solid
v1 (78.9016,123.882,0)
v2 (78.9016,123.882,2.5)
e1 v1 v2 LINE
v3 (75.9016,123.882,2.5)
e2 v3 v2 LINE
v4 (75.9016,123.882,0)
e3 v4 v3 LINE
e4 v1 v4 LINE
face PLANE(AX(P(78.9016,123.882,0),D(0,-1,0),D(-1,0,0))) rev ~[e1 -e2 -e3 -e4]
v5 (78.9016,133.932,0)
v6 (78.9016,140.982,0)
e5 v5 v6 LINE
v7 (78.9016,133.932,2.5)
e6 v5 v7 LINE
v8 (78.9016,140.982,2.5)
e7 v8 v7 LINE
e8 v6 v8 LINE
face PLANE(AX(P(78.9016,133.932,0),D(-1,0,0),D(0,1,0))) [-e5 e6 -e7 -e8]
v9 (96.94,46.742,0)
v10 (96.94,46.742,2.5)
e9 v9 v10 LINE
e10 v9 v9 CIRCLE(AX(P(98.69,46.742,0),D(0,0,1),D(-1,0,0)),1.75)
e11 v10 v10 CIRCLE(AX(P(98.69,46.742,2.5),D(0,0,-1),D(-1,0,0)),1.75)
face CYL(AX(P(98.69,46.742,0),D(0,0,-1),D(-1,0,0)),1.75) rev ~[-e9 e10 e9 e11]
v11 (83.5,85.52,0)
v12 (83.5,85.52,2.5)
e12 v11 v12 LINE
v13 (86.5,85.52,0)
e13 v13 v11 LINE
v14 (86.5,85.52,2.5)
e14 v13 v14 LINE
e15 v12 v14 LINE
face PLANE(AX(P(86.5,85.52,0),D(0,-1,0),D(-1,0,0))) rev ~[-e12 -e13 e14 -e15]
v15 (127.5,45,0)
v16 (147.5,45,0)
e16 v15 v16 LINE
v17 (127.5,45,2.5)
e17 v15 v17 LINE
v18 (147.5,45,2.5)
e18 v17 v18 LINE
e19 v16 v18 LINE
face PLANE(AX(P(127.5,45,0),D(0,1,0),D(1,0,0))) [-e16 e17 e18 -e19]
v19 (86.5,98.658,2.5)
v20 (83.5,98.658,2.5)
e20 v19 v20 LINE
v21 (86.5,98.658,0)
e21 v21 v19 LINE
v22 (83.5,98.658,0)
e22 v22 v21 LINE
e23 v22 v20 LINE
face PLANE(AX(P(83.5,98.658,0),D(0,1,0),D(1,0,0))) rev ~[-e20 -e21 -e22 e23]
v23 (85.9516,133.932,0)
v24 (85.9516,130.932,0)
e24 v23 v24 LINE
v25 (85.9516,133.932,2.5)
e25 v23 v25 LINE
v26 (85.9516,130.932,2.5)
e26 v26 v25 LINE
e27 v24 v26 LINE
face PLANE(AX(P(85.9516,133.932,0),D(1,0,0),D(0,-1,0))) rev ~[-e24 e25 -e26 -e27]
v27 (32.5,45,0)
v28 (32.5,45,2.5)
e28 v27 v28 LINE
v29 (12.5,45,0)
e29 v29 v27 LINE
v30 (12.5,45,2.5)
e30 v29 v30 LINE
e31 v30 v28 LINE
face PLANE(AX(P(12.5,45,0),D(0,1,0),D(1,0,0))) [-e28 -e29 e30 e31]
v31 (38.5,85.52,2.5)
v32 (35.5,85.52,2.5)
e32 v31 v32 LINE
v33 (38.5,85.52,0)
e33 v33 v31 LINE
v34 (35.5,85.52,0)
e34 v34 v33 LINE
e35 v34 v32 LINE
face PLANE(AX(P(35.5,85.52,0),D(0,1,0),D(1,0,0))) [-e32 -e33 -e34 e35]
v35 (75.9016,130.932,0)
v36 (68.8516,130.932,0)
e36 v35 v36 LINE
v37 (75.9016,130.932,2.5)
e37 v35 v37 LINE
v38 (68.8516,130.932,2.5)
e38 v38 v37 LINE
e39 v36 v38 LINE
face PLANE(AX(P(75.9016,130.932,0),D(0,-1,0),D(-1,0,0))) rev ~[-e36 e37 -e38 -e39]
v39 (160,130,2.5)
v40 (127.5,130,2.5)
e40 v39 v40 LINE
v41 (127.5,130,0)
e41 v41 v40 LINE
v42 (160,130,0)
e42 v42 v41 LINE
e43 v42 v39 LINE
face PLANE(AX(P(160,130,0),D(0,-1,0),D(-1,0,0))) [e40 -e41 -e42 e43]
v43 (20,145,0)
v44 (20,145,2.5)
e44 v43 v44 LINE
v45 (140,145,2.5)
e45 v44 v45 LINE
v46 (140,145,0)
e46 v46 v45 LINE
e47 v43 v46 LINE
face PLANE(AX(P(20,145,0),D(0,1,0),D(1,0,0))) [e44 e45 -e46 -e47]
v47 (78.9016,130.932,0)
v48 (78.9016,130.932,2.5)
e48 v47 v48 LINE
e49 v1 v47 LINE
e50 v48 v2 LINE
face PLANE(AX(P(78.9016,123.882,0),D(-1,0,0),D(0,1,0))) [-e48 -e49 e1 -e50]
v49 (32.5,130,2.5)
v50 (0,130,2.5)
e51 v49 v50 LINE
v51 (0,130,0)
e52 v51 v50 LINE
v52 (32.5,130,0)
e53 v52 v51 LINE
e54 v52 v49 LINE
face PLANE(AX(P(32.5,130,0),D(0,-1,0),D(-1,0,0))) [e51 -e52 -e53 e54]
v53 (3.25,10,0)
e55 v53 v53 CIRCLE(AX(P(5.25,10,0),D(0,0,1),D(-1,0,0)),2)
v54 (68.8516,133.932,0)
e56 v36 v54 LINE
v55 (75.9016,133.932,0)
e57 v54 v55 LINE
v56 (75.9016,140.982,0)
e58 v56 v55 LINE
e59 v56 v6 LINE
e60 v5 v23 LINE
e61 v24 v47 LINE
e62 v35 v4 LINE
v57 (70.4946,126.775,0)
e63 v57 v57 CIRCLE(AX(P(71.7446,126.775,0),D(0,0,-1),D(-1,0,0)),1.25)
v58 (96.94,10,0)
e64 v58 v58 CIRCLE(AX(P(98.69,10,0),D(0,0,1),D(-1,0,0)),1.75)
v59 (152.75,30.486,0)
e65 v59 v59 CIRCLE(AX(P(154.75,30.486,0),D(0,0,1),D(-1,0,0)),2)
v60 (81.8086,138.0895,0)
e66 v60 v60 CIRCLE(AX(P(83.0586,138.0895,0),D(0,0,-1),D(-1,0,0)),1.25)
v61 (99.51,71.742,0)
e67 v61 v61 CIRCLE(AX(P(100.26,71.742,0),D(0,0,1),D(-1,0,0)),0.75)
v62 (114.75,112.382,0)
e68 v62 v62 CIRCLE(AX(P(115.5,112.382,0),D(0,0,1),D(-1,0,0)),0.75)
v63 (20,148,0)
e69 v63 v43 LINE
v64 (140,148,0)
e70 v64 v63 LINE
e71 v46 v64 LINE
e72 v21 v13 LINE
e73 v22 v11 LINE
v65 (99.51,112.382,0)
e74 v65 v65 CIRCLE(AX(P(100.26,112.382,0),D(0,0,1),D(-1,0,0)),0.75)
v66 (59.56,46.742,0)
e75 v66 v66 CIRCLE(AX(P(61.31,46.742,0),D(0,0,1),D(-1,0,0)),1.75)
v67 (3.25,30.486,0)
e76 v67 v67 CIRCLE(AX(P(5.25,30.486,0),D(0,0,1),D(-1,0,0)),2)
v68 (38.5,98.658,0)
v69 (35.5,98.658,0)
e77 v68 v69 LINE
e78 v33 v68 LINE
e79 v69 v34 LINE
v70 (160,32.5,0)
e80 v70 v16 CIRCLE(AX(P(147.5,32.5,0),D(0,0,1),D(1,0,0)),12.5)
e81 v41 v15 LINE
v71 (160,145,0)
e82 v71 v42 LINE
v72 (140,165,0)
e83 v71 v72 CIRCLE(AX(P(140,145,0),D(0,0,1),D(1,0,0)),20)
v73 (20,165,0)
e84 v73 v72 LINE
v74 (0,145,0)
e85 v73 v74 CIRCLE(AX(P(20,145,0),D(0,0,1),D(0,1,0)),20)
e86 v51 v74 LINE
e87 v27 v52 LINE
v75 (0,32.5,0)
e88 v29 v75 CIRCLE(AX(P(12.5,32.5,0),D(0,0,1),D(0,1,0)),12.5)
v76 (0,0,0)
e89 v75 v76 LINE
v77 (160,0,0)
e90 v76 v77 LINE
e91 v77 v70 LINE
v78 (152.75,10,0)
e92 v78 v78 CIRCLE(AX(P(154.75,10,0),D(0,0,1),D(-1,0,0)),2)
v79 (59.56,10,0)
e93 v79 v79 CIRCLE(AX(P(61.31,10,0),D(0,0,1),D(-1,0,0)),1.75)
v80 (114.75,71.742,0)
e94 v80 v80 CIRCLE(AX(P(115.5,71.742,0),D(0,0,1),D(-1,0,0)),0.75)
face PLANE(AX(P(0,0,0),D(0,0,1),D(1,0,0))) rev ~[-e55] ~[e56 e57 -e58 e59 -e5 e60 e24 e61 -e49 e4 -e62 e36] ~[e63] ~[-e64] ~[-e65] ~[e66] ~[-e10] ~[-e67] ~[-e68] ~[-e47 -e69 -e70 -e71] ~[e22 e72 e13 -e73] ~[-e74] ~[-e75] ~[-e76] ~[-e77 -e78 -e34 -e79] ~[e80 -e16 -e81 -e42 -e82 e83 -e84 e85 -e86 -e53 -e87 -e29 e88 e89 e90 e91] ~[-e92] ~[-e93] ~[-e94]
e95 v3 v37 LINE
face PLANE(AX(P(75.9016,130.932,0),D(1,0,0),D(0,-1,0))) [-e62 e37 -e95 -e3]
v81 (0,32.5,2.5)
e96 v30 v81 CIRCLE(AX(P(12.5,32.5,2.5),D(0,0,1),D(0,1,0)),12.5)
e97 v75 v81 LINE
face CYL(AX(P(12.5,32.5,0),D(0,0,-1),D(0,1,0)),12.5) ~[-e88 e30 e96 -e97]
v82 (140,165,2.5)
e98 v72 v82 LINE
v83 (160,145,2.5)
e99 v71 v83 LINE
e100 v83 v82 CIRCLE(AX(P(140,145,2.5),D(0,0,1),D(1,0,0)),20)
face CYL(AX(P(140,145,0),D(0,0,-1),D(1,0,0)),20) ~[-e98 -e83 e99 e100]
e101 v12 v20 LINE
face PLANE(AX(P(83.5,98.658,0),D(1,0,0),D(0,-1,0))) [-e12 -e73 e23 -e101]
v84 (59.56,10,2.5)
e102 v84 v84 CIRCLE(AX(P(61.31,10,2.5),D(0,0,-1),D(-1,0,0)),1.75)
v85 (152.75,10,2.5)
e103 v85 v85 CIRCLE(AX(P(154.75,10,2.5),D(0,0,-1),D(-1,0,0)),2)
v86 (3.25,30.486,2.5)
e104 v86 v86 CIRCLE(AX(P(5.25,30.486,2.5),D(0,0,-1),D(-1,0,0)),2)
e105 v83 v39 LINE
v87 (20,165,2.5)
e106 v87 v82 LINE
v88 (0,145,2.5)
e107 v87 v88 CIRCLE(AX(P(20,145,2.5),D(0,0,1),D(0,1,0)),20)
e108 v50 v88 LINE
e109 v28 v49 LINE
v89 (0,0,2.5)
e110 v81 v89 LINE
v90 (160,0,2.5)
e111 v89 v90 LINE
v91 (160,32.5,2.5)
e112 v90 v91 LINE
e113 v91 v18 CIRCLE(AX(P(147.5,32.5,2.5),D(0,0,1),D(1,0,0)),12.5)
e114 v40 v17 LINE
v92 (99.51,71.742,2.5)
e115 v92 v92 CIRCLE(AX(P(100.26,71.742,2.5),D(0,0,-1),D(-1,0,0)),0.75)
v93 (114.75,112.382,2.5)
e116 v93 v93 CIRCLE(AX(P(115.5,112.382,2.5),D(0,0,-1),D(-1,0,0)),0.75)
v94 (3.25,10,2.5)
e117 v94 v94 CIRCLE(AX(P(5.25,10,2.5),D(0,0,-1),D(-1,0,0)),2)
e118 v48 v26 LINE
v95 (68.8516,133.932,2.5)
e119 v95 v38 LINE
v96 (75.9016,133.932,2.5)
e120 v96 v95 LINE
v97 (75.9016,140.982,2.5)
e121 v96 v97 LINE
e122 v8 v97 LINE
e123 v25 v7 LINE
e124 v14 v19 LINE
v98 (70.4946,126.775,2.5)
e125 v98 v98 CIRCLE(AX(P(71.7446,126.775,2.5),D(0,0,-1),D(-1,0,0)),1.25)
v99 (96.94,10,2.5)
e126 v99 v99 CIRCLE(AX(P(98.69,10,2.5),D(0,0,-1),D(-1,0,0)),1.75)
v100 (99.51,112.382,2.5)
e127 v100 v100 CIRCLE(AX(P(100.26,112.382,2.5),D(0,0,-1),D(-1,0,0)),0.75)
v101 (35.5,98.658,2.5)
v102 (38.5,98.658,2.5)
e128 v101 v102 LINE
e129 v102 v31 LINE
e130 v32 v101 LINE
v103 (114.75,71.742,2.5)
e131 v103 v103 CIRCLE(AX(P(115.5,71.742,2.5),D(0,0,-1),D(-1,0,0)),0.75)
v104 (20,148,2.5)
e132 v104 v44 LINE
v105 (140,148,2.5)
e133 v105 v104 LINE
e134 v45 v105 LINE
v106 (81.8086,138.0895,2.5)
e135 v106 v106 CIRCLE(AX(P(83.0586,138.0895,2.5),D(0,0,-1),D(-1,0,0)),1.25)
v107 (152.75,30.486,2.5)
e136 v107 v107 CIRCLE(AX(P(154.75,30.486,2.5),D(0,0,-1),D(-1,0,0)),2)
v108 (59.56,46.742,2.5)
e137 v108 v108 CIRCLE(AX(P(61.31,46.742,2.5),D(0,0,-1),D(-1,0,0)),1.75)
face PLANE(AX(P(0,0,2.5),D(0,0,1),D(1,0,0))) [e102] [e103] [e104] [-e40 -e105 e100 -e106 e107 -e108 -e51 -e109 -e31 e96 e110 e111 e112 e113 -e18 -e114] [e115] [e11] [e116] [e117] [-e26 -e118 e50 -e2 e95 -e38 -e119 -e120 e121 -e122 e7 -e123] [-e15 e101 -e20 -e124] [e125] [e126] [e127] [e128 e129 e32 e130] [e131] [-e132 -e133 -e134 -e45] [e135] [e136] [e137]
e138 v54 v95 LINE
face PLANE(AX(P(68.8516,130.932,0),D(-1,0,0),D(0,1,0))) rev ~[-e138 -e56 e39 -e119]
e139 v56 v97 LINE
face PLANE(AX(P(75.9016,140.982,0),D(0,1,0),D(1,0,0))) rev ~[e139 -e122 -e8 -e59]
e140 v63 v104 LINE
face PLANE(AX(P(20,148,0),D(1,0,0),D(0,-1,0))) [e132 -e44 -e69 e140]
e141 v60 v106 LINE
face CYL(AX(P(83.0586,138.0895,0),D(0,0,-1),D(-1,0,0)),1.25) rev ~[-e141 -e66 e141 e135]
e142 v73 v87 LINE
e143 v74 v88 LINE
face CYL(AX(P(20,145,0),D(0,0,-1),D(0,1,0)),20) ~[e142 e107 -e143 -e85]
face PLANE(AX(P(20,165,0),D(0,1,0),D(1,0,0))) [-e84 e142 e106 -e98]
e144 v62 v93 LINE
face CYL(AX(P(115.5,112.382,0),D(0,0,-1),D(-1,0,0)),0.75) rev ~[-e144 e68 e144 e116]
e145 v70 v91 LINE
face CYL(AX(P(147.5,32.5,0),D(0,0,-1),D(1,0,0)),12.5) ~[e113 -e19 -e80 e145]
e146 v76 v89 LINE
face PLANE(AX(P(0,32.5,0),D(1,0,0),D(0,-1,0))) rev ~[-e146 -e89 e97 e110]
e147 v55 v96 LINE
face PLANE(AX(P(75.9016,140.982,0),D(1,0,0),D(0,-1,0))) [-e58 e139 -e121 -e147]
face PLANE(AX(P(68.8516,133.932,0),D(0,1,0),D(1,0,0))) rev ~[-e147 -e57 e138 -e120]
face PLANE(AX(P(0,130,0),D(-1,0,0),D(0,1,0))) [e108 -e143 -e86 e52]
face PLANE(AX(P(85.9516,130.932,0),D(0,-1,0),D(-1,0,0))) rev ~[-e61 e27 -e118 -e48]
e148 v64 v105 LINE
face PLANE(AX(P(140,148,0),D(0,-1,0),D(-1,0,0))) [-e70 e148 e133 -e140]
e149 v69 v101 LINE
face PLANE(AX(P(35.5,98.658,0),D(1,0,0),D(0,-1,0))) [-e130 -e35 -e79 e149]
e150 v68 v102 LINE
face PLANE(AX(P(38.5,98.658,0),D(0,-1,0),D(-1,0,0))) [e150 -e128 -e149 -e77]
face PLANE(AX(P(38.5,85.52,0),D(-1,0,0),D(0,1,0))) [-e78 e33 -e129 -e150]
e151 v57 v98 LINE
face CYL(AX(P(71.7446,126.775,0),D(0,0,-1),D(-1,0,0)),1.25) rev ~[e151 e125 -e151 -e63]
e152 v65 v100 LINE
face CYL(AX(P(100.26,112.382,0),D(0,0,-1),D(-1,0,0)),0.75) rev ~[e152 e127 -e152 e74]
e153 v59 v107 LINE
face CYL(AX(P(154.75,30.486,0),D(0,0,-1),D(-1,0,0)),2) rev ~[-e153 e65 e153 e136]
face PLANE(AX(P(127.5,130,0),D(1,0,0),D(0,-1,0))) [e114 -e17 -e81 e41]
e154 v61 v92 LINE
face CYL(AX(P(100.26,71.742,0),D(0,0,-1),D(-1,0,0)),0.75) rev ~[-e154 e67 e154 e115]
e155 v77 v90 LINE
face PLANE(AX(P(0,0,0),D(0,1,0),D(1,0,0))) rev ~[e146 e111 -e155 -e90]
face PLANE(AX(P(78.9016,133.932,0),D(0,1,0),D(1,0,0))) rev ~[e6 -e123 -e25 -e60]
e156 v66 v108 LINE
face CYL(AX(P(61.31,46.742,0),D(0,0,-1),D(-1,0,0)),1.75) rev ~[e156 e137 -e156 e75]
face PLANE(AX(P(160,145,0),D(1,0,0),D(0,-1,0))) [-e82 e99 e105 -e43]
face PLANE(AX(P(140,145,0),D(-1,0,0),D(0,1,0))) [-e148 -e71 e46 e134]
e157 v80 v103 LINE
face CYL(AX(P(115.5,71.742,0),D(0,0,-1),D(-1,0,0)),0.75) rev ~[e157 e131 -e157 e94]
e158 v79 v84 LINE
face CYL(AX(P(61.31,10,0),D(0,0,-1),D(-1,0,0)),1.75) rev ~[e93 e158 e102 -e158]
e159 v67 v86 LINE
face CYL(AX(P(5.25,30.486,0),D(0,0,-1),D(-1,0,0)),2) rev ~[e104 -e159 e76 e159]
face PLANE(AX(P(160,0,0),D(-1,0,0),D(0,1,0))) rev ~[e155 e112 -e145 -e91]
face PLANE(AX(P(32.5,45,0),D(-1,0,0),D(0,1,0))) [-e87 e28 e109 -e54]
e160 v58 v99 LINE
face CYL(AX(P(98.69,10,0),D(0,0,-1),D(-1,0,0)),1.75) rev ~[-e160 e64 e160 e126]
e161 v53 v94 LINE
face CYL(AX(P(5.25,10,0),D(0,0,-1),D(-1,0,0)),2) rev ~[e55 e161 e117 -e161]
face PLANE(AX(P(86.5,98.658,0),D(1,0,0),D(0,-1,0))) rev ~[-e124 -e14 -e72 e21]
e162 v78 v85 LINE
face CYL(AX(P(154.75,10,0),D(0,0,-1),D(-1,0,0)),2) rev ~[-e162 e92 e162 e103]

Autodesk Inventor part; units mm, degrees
ref_plane "YZ Plane" through (0, 0, 0) normal (1, 0, 0) x (0, 1, 0)
ref_plane "XZ Plane" through (0, 0, 0) normal (0, 1, 0) x (-1, 0, 0)
ref_plane "XY Plane" through (0, 0, 0) normal (0, 0, 1) x (1, 0, 0)
sketch "Esboço1" plane through (0, 0, 0) normal (0, 0, 1) x (1, 0, 0)
  line L0 (0, 0) -> (160, 0)
  line L1 (160, 0) -> (160, 32.5)
  line L2 (0, 32.5) -> (0, 0)
  line L3 (20, 165) -> (140, 165)
  line L4 (160, 145) -> (160, 130)
  line L5 (0, 130) -> (0, 145)
  arc A0 (20, 165) -> (0, 145) centre (20, 145) ccw
  arc A1 (160, 145) -> (140, 165) centre (140, 145) ccw
  line L6 (127.5, 130) -> (127.5, 45)
  line L7 (32.5, 45) -> (32.5, 130)
  line L8 (12.5, 45) -> (32.5, 45)
  line L9 (127.5, 45) -> (147.5, 45)
  line L10 (160, 130) -> (127.5, 130)
  line L11 (32.5, 130) -> (0, 130)
  arc A2 (12.5, 45) -> (0, 32.5) centre (12.5, 32.5) ccw
  arc A3 (160, 32.5) -> (147.5, 45) centre (147.5, 32.5) ccw
  line L12 (20, 148) -> (20, 145)
  line L13 (20, 145) -> (140, 145)
  line L14 (140, 145) -> (140, 148)
  line L15 (140, 148) -> (20, 148)
  point P0 (0, 165)
  point P1 (160, 165)
  dimension "d3" = 160
  dimension "d4" = 165
  dimension "d6" = 20
  dimension "d12" = 95
  dimension "d14" = 85
  dimension "d15" = 35
  dimension "d16" = 12.5
  dimension "d17" = 12.5
  dimension "d73" = 3
  dimension "d74" = 32.5
extrude "Extrusão1" add sketch "Esboço1" along normal blind 2.5
sketch "Esboço2" plane through (0, 0, 0) normal (0, 0, -1) x (-1, 0, 0)
  line L0 (-10.5, 30.486) -> (-10.5, 10)
  line L1 (-10.5, 10) -> (0, 10)
  line L2 (0, 10) -> (0, 30.486)
  line L3 (0, 30.486) -> (-10.5, 30.486)
  line L4 (0, 32.5) -> (0, 0) projected
  line L5 (0, 0) -> (-160, 0) projected
  line L6 (-160, 30.486) -> (-160, 10)
  line L7 (-160, 10) -> (-149.5, 10)
  line L8 (-149.5, 10) -> (-149.5, 30.486)
  line L9 (-149.5, 30.486) -> (-160, 30.486)
  line L10 (-160, 0) -> (-160, 32.5) projected
  circle A0 centre (-5.25, 10) radius 2
  circle A1 centre (-154.75, 30.486) radius 2
  circle A2 centre (-154.75, 10) radius 2
  circle A3 centre (-5.25, 30.486) radius 2
  line L11 (-98.69, 46.742) -> (-98.69, 10)
  line L12 (-98.69, 10) -> (-61.31, 10)
  line L13 (-61.31, 10) -> (-61.31, 46.742)
  line L14 (-61.31, 46.742) -> (-98.69, 46.742)
  circle A4 centre (-98.69, 46.742) radius 1.75
  circle A5 centre (-61.31, 46.742) radius 1.75
  circle A6 centre (-98.69, 10) radius 1.75
  circle A7 centre (-61.31, 10) radius 1.75
  line L15 (-100.26, 112.382) -> (-115.5, 112.382)
  line L16 (-115.5, 112.382) -> (-115.5, 71.742)
  line L17 (-115.5, 71.742) -> (-100.26, 71.742)
  line L18 (-100.26, 71.742) -> (-100.26, 112.382)
  line L19 (-127.5, 45) -> (-127.5, 130) projected
  circle A8 centre (-100.26, 112.382) radius 0.75
  circle A9 centre (-115.5, 112.382) radius 0.75
  circle A10 centre (-115.5, 71.742) radius 0.75
  circle A11 centre (-100.26, 71.742) radius 0.75
  line L20 (-68.8516, 140.982) -> (-85.9516, 140.982)
  line L21 (-85.9516, 140.982) -> (-85.9516, 123.882)
  line L22 (-85.9516, 123.882) -> (-68.8516, 123.882)
  line L23 (-68.8516, 123.882) -> (-68.8516, 140.982)
  circle A12 centre (-83.0586, 138.0895) radius 1.25
  circle A13 centre (-71.7446, 126.775) radius 1.25
  line L24 (-32.5, 130) -> (-32.5, 45) projected
  line L25 (-83.5, 75.089) -> (-38.5, 75.089)
  line L26 (-38.5, 75.089) -> (-38.5, 109.089)
  line L27 (-38.5, 109.089) -> (-83.5, 109.089)
  line L28 (-83.5, 109.089) -> (-83.5, 75.089)
  line L29 (-38.5, 98.658) -> (-35.5, 98.658)
  line L30 (-35.5, 98.658) -> (-35.5, 85.52)
  line L31 (-35.5, 85.52) -> (-38.5, 85.52)
  line L32 (-83.5, 98.658) -> (-86.5, 98.658)
  line L33 (-86.5, 98.658) -> (-86.5, 85.52)
  line L34 (-86.5, 85.52) -> (-83.5, 85.52)
  line L35 (-68.8516, 133.932) -> (-75.9016, 133.932)
  line L36 (-78.9016, 133.932) -> (-85.9516, 133.932)
  line L37 (-85.9516, 130.932) -> (-78.9016, 130.932)
  line L38 (-75.9016, 130.932) -> (-68.8516, 130.932)
  line L39 (-75.9016, 140.982) -> (-75.9016, 133.932)
  line L40 (-75.9016, 130.932) -> (-75.9016, 123.882)
  line L41 (-78.9016, 123.882) -> (-78.9016, 130.932)
  line L42 (-78.9016, 133.932) -> (-78.9016, 140.982)
  dimension "d20" = 20.486
  dimension "d21" = 10.5
  dimension "d22" = 10
  dimension "d23" = 20.486
  dimension "d24" = 10.5
  dimension "d26" = 4
  dimension "d27" = 4
  dimension "d28" = 4
  dimension "d29" = 4
  dimension "d30" = 36.742
  dimension "d35" = 3.5
  dimension "d36" = 3.5
  dimension "d37" = 3.5
  dimension "d38" = 3.5
  dimension "d39" = 15.24
  dimension "d40" = 40.64
  dimension "d42" = 12
  dimension "d43" = 1.5
  dimension "d44" = 1.5
  dimension "d45" = 1.5
  dimension "d46" = 1.5
  dimension "d47" = 17.1
  dimension "d48" = 17.1
  dimension "d50" = 2.5
  dimension "d51" = 2.5
  dimension "d52" = 2.893
  dimension "d53" = 2.8925
  dimension "d54" = 2.893
  dimension "d55" = 2.893
  dimension "d56" = 36.3516
  dimension "d57" = 41.5484
  dimension "d58" = 11.5
  dimension "d59" = 45
  dimension "d60" = 34
  dimension "d64" = 6
  dimension "d65" = 3
  dimension "d66" = 10.431
  dimension "d67" = 10.431
  dimension "d68" = 3
  dimension "d79" = 3
  dimension "d80" = 3
  dimension "d81" = 7.05
  dimension "d82" = 7.05
  dimension "d83" = 28.347
  dimension "d84" = 25
  dimension "d85" = 10
  dimension "d86" = 50.81
  dimension "d87" = 50.81
  dimension "d88" = 37.38
extrude "Extrusão2" cut sketch "Esboço2" against normal through all contours A3 L3 | L3 A3 | A0 L1 | L1 A0 | A2 L7 | L7 A2 | A1 L9 | L9 A1 | L14 A4 L11 | L11 A4 L14 | A6 L12 L11 | L11 L12 A6 | A5 L13 L14 | L14 L13 A5 | A7 L13 L12 | L12 L13 A7 | A9 L16 L15 | L15 L16 A9 | A8 L18 L15 | L15 L18 A8 | A10 L17 L16 | L16 L17 A10 | A11 L17 L18 | L18 L17 A11 | L39 L35 L23 L38 L40 L22 L41 L37 L21 L36 L42 L20 | A12 | A13 | L34 L33 L32 L28 | L26 L29 L30 L31
